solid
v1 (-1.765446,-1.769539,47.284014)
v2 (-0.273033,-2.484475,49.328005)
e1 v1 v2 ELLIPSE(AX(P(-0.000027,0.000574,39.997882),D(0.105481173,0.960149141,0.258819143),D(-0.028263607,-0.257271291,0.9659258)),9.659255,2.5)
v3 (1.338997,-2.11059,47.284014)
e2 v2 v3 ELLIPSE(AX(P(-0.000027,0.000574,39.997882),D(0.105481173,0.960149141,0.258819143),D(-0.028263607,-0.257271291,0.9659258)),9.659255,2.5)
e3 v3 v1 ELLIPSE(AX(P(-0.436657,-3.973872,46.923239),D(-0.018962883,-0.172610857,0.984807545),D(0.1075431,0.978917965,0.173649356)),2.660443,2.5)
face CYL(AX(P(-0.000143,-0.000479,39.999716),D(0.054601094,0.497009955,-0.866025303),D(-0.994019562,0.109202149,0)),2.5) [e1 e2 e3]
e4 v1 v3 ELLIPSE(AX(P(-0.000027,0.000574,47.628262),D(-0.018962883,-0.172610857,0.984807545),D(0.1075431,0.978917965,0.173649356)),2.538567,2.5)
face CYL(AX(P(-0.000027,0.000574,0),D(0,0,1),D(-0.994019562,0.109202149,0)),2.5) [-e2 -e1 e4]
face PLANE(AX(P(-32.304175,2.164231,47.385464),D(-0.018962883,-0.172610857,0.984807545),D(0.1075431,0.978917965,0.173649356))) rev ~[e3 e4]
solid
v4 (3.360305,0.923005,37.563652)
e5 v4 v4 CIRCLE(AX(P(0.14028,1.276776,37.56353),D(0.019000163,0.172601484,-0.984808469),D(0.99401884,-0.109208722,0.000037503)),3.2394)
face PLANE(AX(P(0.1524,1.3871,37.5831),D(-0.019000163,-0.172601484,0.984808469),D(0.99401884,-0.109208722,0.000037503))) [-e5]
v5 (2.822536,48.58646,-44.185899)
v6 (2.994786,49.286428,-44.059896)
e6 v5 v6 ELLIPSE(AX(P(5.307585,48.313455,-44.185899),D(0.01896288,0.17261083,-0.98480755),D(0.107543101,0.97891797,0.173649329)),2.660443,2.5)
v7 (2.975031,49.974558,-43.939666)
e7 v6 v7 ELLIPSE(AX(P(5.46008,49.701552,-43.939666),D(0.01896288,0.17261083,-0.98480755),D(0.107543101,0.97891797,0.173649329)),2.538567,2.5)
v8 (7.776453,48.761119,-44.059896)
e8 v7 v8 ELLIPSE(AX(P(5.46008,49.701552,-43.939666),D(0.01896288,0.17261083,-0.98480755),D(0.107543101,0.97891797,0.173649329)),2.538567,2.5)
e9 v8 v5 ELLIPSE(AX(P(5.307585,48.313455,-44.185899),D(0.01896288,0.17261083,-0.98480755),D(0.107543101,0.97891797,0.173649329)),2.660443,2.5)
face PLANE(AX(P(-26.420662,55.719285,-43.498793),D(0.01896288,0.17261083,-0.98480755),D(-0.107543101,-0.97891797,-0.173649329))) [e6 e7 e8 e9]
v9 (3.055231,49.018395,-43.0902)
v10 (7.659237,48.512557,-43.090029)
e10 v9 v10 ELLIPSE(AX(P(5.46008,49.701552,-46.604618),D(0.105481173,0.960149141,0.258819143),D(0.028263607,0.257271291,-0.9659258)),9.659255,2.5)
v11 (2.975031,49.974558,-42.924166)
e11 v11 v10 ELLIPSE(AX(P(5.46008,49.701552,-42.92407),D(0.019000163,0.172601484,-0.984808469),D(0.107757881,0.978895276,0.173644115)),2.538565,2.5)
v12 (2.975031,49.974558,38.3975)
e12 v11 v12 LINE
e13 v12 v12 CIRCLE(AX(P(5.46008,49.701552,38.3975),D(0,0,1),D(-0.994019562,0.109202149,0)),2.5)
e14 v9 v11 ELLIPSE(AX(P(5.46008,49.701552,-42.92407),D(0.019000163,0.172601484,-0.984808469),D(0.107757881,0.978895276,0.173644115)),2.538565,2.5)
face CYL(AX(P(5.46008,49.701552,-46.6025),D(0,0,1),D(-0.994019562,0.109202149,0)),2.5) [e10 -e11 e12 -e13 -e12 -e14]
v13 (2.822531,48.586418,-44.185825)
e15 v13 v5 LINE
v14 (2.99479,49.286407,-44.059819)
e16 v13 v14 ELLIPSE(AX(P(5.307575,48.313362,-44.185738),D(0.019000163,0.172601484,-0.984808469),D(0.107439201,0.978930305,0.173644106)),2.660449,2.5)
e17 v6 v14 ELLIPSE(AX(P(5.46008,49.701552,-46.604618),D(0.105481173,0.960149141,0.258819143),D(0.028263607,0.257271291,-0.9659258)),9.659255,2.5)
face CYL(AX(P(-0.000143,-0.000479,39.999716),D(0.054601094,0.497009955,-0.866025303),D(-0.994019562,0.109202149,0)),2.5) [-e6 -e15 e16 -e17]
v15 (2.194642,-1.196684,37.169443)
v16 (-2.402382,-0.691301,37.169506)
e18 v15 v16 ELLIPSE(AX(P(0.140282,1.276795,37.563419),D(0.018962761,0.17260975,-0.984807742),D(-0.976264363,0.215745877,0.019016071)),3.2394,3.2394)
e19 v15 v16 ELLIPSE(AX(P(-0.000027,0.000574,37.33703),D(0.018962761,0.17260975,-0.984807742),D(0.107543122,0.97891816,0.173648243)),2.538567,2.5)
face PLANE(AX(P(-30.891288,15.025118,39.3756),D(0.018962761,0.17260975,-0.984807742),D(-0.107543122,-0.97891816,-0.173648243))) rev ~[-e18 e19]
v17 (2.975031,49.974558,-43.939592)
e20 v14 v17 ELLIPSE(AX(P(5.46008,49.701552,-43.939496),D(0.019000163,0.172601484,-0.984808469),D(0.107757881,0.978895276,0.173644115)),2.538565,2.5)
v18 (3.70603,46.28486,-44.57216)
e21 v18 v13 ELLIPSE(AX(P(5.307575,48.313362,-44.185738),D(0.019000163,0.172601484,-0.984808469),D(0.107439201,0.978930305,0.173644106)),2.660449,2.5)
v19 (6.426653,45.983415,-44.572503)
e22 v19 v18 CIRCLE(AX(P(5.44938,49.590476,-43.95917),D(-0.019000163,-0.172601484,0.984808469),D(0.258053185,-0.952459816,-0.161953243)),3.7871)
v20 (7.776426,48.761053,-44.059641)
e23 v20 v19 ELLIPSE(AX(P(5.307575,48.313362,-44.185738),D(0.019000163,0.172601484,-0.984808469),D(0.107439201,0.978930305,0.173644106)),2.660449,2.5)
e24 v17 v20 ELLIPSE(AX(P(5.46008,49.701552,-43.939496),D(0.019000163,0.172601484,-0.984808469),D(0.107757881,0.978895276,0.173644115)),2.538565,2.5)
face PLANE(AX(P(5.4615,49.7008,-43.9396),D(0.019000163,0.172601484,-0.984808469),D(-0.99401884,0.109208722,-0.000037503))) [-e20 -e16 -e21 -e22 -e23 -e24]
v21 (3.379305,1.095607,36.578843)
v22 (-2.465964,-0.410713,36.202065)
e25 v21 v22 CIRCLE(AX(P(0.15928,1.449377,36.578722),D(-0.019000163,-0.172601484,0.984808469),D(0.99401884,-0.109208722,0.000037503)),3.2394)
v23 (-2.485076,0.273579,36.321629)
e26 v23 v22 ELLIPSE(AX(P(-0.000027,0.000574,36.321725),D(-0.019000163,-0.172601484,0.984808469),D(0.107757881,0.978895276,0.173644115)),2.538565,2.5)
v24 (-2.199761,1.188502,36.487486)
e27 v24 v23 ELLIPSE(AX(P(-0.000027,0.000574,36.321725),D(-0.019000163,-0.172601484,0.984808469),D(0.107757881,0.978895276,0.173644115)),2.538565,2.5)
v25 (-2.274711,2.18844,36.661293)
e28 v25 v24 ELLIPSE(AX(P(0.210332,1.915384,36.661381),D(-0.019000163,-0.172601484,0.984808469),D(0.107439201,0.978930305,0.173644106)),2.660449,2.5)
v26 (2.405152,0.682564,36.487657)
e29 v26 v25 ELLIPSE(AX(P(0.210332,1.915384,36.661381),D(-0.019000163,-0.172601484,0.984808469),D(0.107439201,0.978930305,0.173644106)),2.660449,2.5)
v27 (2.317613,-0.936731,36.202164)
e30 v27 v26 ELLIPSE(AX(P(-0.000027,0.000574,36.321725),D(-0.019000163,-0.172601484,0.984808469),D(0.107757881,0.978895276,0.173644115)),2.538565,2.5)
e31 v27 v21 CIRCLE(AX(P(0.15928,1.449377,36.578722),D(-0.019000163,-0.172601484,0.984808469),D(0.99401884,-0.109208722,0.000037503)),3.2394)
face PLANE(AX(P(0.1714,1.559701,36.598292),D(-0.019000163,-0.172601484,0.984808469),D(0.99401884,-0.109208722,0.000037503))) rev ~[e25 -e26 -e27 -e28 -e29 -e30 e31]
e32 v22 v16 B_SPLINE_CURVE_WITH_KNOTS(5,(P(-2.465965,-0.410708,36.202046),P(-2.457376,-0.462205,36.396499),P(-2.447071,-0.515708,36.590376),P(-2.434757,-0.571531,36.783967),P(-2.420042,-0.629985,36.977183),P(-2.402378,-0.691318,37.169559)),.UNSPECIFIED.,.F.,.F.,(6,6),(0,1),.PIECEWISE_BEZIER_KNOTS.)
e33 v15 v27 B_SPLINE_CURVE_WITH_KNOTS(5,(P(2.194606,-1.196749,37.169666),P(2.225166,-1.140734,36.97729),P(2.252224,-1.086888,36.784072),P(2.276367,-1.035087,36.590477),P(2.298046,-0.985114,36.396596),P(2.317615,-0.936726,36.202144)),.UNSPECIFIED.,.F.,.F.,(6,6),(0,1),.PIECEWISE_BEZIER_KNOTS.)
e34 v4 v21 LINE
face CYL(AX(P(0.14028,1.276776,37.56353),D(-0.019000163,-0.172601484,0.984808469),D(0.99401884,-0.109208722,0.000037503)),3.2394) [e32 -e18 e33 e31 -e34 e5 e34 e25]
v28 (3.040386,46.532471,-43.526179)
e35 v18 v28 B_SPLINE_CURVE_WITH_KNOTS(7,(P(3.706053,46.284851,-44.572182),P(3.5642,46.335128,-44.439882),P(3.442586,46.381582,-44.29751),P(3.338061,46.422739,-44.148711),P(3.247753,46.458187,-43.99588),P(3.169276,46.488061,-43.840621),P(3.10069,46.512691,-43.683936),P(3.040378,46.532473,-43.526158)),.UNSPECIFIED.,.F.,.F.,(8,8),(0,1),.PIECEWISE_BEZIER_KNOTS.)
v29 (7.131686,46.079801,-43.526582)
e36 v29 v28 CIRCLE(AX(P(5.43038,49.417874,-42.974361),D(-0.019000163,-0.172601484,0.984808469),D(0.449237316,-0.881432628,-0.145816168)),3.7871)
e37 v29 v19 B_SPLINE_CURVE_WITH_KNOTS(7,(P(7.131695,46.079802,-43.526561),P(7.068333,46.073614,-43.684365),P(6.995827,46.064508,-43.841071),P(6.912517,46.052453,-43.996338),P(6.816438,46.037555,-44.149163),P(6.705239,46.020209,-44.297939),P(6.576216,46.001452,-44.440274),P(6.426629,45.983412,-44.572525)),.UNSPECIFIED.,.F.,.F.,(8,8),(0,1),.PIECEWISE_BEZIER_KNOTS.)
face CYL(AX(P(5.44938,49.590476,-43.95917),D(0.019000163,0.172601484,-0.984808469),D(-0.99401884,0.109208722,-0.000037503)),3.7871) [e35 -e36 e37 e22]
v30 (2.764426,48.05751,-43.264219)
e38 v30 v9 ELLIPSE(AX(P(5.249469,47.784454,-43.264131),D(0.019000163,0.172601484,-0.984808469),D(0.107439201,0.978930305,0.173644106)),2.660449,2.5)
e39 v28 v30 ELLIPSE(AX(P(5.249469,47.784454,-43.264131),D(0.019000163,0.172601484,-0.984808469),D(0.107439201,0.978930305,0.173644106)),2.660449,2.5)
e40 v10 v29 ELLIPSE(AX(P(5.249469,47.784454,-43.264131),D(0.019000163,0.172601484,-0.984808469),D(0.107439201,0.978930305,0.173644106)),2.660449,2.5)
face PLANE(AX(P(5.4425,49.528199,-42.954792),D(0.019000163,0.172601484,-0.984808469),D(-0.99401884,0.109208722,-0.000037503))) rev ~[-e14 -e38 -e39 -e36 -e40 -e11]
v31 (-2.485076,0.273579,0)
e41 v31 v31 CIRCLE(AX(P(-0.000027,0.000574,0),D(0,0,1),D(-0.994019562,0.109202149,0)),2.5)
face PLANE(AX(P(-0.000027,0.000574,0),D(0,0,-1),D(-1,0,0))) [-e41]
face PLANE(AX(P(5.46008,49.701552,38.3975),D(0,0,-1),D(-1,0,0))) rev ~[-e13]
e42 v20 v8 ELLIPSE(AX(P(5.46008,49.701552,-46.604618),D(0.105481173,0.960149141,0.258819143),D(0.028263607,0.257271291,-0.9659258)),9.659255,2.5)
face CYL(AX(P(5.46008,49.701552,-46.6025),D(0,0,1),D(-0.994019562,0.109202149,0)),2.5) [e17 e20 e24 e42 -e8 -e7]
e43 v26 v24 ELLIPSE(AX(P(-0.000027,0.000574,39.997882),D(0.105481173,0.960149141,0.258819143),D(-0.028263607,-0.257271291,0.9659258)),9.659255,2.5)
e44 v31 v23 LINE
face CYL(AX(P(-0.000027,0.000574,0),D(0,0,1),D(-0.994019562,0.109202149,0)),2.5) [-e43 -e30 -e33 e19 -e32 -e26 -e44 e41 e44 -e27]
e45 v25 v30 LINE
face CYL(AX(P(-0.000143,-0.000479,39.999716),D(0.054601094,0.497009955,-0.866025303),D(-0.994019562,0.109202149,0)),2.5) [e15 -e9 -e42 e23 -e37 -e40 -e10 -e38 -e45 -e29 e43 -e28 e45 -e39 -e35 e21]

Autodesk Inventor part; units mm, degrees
ref_plane "YZ Plane" through (0, 0, 0) normal (1, 0, 0) x (0, 1, 0)
ref_plane "XZ Plane" through (0, 0, 0) normal (0, 1, 0) x (-1, 0, 0)
ref_plane "XY Plane" through (0, 0, 0) normal (0, 0, 1) x (1, 0, 0)
ref_plane "Work Plane1" through (-18.0552, 1.9841, 10) normal (0, 0, -1) x (-0.994, 0.1092, 0)
ref_plane "Work Plane4" through (0, 0, 10) normal (-0.994, 0.1092, 0) x (-0.1092, -0.994, 0)
ref_plane "Work Plane3" through (-40.2485, 19.0101, 10) normal (-0.994, 0.1092, 0) x (-0.1092, -0.994, 0)
sketch "Sketch1" plane through (0, 0, 10) normal (-0.994, 0.1092, 0) x (-0.1092, -0.994, 0)
  line L0 (0, -10) -> (0, 30)
  line L1 (0, 30) -> (-50, -56.6025)
  line L2 (-50, -56.6025) -> (-50, 28.3975)
  line L3 (-7.1094, 32.5876) -> (7.1094, 27.4124)
  line L4 (-58.0583, -53.6696) -> (-41.9417, -59.5355)
  line L5 (-50, -56.6025) -> (-68.7133, -89.015)
  line L6 (-65.9988, -87.2149) -> (-113.9988, -87.2149)
  line L7 (-85.9997, -87.615) -> (-57.6047, -87.615)
  line L8 (-57.6047, -90.815) -> (-85.9997, -90.815)
  line L9 (-81.8462, -89.015) -> (-68.7133, -89.015)
  dimension "d0" = 40
  dimension "d1" = 100
  dimension "d2" = 30
  dimension "d3" = 85
  dimension "d4" = 30
  dimension "d6" = 70
  dimension "d19" = 1.4
ref_plane "Work Plane7" through (-18.0552, 1.9841, 10) normal (0, 0, -1) x (-0.994, 0.1092, 0)
sketch "Sketch3" plane through (-18.0552, 1.9841, 10) normal (0, 0, -1) x (-0.994, 0.1092, 0)
  circle A0 centre (-18.1638, 0) radius 11.5 projected
  circle A1 centre (-18.1638, 0) radius 2.5
  point P0 (-18.1638, 0)
  dimension "d7" = 5
sweep "Sweep1" add profiles "Sketch3" path "Sketch1" path curves L0 L1 L2 contours A1
ref_plane "Work Plane8" through (-22.055, 95.458, -62.5) normal (-0.994, 0.1092, 0) x (-0.1092, -0.994, 0)
sketch "Sketch4" plane through (-22.055, 95.458, -62.5) normal (-0.994, 0.1092, 0) x (-0.1092, -0.994, 0)
  line L0 (44.9778, 100.8975) -> (39.9778, 100.8975) projected
  line L1 (42.4778, 15.8975) -> (42.4778, 15.8975) projected
  line L2 (42.4778, 15.8975) -> (42.4778, 15.8975) projected
  line L3 (42.4778, 15.8975) -> (42.4778, 15.8975) projected
  line L4 (42.4778, 15.8975) -> (42.4778, 15.8975) projected
  line L5 (92.4778, 102.5) -> (92.4778, 102.5) projected
  line L6 (92.4778, 102.5) -> (92.4778, 102.5) projected
  line L7 (92.4778, 102.5) -> (92.4778, 102.5) projected
  line L8 (92.4778, 102.5) -> (92.4778, 102.5) projected
  line L9 (94.9778, 62.5) -> (89.9778, 62.5) projected
  line L10 (56.4279, -3) -> (16.4279, -3) projected
  line L11 (39.9778, 6.5673) -> (39.9778, 100.8975) projected
  line L12 (44.9778, 25.2276) -> (44.9778, 100.8975) projected
  line L13 (94.9778, 111.8301) -> (44.9778, 25.2276) projected
  line L14 (89.9778, 93.1699) -> (39.9778, 6.5673) projected
  line L15 (89.9778, 62.5) -> (89.9778, 93.1699) projected
  line L16 (94.9778, 62.5) -> (94.9778, 111.8301) projected
  line L17 (34.8879, 19.8987) -> (57.029, 15.9946)
  line L18 (57.029, 15.9946) -> (43.097, -3.4007)
  line L19 (43.097, -3.4007) -> (27.2737, 11.5768)
  line L20 (27.2737, 11.5768) -> (33.0712, 21.6183)
  line L21 (34.8879, 19.8987) -> (33.0712, 21.6183)
  line L22 (80.9168, 101.8756) -> (102.3497, 98.0964)
  line L23 (102.3497, 98.0964) -> (104.1096, 108.0773)
  line L24 (104.1096, 108.0773) -> (90.6818, 110.445)
  line L25 (90.6818, 110.445) -> (80.9168, 101.8756)
  point P0 (92.4778, 62.5)
  dimension "d10" = 70
  dimension "d11" = 7
  dimension "d12" = 7
extrude "Extrusion1" cut sketch "Sketch4" against normal through all contours L17 L14 L11 | L11 L14 L17 L18 L10 L19 L20 L21 | L22 L25 L24 L13 | L13 L24 L16 L22 | L16 L24 L23 L22 | L18 L19 L10
sketch "Sketch5" plane through (5.4615, 49.7008, -43.9396) normal (0.019, 0.1726, -0.9848) x (-0.994, 0.1092, 0)
  ellipse E0 centre (0, -1.4169) end of major axis (0, -4.0774) minor radius 2.5 (-2.4054, -0.6919) -> (2.4054, -0.6919) ccw projected
  ellipse E1 centre (0, 0) end of major axis (0, 2.5386) minor radius 2.5 (2.4054, -0.6919) -> (-2.4054, -0.6919) ccw projected
  line L0 (-2.4054, -0.1127) -> (2.4054, -0.1127) projected
  circle A0 centre (0, -0.1127) radius 3.7871
  point P0 (0, -41.6104)
extrude "Extrusion2" add sketch "Sketch5" against normal blind 1 contours E1 E0 A0 | E0 A0 E1
sketch "Sketch6" plane through (0.1524, 1.3871, 37.5831) normal (-0.019, -0.1726, 0.9848) x (0.994, -0.1092, 0)
  ellipse E0 centre (0, 0) end of major axis (0, -2.6604) minor radius 2.5 (2.4054, -0.7251) -> (-2.4054, -0.7251) ccw projected
  ellipse E1 centre (0, -1.4169) end of major axis (0, 1.1216) minor radius 2.5 (-2.4054, -0.7251) -> (2.4054, -0.7251) ccw projected
  line L0 (-2.4054, -0.1127) -> (2.4054, -0.1127) projected
  circle A0 centre (0, -0.1127) radius 3.2394
  point P0 (0, -7.9004)
extrude "Extrusion3" add sketch "Sketch6" against normal blind 1 contours E1 A0 E0 | E0 E1 A0
ref_plane "Arbeitsebene10" through (0, 0, 0) normal (0.1092, 0.994, 0) x (0, 0, -1)
ref_plane "Arbeitsebene9" through (28.1562, 85.4859, 52.7288) normal (0.1092, 0.994, 0) x (0, 0, -1)
sketch "Skizze7" plane through (0, 0, 0) normal (1, 0, 0) x (0, 1, 0)
  ellipse E0 centre (1.916, 36.6615) end of major axis (-0.7027, 36.2019) minor radius 0.0475 (1.1885, 36.4876) -> (0.6825, 36.4876) ccw projected
  ellipse E1 centre (0, 40) end of major axis (2.487, 30.6701) minor radius 0.2639 (0.6825, 36.4876) -> (1.1885, 36.4876) ccw projected
  ellipse E2 centre (47.7849, -43.264) end of major axis (45.1662, -43.7236) minor radius 0.0475 (48.5123, -43.0901) -> (46.0809, -43.5264) ccw projected
  ellipse E3 centre (49.7008, -46.6025) end of major axis (52.1878, -55.9324) minor radius 0.2639 (49.0183, -43.0901) -> (48.5123, -43.0901) ccw projected
  ellipse E4 centre (47.7849, -43.264) end of major axis (45.1662, -43.7236) minor radius 0.0475 (46.5304, -43.5264) -> (49.0183, -43.0901) ccw projected
  ellipse E5 centre (48.3138, -44.1856) end of major axis (45.6952, -44.6452) minor radius 0.0475 (45.984, -44.5724) -> (46.2826, -44.5724) ccw projected
  line L0 (83.756, -77.615) -> (55.528, -77.615) projected
  line L1 (55.528, -80.815) -> (83.756, -80.815) projected
  line L2 (48.3138, -44.1856) -> (68.5318, -79.415)
  line L3 (68.5318, -79.415) -> (89.5946, -79.415)
  ellipse E6 centre (1.916, 36.6615) end of major axis (-0.7027, 36.2019) minor radius 0.0475 (1.1885, 36.4876) -> (0.6825, 36.4876) ccw projected
  ellipse E7 centre (0, 40) end of major axis (2.487, 30.6701) minor radius 0.2639 (0.6825, 36.4876) -> (1.1885, 36.4876) ccw projected
  ellipse E8 centre (47.7849, -43.264) end of major axis (45.1662, -43.7236) minor radius 0.0475 (48.5123, -43.0901) -> (46.0809, -43.5264) ccw projected
  ellipse E9 centre (49.7008, -46.6025) end of major axis (52.1878, -55.9324) minor radius 0.2639 (49.0183, -43.0901) -> (48.5123, -43.0901) ccw projected
  ellipse E10 centre (47.7849, -43.264) end of major axis (45.1662, -43.7236) minor radius 0.0475 (46.5304, -43.5264) -> (49.0183, -43.0901) ccw projected
  ellipse E11 centre (48.3138, -44.1856) end of major axis (45.6952, -44.6452) minor radius 0.0475 (45.984, -44.5724) -> (46.2826, -44.5724) ccw projected
  line L4 (4.5345, 37.1214) -> (47.2528, -37.3144) projected
  line L5 (2.448, 30.7118) -> (45.6953, -44.6455) projected
  point P0 (0, 0)
  dimension "d20" = 1.4
ref_plane "Work Plane2" through (-1.6385, -14.9102, 10) normal (0, 0, 1) x (0.994, -0.1092, 0)
properties part number "cellSTORM_lightpath"
